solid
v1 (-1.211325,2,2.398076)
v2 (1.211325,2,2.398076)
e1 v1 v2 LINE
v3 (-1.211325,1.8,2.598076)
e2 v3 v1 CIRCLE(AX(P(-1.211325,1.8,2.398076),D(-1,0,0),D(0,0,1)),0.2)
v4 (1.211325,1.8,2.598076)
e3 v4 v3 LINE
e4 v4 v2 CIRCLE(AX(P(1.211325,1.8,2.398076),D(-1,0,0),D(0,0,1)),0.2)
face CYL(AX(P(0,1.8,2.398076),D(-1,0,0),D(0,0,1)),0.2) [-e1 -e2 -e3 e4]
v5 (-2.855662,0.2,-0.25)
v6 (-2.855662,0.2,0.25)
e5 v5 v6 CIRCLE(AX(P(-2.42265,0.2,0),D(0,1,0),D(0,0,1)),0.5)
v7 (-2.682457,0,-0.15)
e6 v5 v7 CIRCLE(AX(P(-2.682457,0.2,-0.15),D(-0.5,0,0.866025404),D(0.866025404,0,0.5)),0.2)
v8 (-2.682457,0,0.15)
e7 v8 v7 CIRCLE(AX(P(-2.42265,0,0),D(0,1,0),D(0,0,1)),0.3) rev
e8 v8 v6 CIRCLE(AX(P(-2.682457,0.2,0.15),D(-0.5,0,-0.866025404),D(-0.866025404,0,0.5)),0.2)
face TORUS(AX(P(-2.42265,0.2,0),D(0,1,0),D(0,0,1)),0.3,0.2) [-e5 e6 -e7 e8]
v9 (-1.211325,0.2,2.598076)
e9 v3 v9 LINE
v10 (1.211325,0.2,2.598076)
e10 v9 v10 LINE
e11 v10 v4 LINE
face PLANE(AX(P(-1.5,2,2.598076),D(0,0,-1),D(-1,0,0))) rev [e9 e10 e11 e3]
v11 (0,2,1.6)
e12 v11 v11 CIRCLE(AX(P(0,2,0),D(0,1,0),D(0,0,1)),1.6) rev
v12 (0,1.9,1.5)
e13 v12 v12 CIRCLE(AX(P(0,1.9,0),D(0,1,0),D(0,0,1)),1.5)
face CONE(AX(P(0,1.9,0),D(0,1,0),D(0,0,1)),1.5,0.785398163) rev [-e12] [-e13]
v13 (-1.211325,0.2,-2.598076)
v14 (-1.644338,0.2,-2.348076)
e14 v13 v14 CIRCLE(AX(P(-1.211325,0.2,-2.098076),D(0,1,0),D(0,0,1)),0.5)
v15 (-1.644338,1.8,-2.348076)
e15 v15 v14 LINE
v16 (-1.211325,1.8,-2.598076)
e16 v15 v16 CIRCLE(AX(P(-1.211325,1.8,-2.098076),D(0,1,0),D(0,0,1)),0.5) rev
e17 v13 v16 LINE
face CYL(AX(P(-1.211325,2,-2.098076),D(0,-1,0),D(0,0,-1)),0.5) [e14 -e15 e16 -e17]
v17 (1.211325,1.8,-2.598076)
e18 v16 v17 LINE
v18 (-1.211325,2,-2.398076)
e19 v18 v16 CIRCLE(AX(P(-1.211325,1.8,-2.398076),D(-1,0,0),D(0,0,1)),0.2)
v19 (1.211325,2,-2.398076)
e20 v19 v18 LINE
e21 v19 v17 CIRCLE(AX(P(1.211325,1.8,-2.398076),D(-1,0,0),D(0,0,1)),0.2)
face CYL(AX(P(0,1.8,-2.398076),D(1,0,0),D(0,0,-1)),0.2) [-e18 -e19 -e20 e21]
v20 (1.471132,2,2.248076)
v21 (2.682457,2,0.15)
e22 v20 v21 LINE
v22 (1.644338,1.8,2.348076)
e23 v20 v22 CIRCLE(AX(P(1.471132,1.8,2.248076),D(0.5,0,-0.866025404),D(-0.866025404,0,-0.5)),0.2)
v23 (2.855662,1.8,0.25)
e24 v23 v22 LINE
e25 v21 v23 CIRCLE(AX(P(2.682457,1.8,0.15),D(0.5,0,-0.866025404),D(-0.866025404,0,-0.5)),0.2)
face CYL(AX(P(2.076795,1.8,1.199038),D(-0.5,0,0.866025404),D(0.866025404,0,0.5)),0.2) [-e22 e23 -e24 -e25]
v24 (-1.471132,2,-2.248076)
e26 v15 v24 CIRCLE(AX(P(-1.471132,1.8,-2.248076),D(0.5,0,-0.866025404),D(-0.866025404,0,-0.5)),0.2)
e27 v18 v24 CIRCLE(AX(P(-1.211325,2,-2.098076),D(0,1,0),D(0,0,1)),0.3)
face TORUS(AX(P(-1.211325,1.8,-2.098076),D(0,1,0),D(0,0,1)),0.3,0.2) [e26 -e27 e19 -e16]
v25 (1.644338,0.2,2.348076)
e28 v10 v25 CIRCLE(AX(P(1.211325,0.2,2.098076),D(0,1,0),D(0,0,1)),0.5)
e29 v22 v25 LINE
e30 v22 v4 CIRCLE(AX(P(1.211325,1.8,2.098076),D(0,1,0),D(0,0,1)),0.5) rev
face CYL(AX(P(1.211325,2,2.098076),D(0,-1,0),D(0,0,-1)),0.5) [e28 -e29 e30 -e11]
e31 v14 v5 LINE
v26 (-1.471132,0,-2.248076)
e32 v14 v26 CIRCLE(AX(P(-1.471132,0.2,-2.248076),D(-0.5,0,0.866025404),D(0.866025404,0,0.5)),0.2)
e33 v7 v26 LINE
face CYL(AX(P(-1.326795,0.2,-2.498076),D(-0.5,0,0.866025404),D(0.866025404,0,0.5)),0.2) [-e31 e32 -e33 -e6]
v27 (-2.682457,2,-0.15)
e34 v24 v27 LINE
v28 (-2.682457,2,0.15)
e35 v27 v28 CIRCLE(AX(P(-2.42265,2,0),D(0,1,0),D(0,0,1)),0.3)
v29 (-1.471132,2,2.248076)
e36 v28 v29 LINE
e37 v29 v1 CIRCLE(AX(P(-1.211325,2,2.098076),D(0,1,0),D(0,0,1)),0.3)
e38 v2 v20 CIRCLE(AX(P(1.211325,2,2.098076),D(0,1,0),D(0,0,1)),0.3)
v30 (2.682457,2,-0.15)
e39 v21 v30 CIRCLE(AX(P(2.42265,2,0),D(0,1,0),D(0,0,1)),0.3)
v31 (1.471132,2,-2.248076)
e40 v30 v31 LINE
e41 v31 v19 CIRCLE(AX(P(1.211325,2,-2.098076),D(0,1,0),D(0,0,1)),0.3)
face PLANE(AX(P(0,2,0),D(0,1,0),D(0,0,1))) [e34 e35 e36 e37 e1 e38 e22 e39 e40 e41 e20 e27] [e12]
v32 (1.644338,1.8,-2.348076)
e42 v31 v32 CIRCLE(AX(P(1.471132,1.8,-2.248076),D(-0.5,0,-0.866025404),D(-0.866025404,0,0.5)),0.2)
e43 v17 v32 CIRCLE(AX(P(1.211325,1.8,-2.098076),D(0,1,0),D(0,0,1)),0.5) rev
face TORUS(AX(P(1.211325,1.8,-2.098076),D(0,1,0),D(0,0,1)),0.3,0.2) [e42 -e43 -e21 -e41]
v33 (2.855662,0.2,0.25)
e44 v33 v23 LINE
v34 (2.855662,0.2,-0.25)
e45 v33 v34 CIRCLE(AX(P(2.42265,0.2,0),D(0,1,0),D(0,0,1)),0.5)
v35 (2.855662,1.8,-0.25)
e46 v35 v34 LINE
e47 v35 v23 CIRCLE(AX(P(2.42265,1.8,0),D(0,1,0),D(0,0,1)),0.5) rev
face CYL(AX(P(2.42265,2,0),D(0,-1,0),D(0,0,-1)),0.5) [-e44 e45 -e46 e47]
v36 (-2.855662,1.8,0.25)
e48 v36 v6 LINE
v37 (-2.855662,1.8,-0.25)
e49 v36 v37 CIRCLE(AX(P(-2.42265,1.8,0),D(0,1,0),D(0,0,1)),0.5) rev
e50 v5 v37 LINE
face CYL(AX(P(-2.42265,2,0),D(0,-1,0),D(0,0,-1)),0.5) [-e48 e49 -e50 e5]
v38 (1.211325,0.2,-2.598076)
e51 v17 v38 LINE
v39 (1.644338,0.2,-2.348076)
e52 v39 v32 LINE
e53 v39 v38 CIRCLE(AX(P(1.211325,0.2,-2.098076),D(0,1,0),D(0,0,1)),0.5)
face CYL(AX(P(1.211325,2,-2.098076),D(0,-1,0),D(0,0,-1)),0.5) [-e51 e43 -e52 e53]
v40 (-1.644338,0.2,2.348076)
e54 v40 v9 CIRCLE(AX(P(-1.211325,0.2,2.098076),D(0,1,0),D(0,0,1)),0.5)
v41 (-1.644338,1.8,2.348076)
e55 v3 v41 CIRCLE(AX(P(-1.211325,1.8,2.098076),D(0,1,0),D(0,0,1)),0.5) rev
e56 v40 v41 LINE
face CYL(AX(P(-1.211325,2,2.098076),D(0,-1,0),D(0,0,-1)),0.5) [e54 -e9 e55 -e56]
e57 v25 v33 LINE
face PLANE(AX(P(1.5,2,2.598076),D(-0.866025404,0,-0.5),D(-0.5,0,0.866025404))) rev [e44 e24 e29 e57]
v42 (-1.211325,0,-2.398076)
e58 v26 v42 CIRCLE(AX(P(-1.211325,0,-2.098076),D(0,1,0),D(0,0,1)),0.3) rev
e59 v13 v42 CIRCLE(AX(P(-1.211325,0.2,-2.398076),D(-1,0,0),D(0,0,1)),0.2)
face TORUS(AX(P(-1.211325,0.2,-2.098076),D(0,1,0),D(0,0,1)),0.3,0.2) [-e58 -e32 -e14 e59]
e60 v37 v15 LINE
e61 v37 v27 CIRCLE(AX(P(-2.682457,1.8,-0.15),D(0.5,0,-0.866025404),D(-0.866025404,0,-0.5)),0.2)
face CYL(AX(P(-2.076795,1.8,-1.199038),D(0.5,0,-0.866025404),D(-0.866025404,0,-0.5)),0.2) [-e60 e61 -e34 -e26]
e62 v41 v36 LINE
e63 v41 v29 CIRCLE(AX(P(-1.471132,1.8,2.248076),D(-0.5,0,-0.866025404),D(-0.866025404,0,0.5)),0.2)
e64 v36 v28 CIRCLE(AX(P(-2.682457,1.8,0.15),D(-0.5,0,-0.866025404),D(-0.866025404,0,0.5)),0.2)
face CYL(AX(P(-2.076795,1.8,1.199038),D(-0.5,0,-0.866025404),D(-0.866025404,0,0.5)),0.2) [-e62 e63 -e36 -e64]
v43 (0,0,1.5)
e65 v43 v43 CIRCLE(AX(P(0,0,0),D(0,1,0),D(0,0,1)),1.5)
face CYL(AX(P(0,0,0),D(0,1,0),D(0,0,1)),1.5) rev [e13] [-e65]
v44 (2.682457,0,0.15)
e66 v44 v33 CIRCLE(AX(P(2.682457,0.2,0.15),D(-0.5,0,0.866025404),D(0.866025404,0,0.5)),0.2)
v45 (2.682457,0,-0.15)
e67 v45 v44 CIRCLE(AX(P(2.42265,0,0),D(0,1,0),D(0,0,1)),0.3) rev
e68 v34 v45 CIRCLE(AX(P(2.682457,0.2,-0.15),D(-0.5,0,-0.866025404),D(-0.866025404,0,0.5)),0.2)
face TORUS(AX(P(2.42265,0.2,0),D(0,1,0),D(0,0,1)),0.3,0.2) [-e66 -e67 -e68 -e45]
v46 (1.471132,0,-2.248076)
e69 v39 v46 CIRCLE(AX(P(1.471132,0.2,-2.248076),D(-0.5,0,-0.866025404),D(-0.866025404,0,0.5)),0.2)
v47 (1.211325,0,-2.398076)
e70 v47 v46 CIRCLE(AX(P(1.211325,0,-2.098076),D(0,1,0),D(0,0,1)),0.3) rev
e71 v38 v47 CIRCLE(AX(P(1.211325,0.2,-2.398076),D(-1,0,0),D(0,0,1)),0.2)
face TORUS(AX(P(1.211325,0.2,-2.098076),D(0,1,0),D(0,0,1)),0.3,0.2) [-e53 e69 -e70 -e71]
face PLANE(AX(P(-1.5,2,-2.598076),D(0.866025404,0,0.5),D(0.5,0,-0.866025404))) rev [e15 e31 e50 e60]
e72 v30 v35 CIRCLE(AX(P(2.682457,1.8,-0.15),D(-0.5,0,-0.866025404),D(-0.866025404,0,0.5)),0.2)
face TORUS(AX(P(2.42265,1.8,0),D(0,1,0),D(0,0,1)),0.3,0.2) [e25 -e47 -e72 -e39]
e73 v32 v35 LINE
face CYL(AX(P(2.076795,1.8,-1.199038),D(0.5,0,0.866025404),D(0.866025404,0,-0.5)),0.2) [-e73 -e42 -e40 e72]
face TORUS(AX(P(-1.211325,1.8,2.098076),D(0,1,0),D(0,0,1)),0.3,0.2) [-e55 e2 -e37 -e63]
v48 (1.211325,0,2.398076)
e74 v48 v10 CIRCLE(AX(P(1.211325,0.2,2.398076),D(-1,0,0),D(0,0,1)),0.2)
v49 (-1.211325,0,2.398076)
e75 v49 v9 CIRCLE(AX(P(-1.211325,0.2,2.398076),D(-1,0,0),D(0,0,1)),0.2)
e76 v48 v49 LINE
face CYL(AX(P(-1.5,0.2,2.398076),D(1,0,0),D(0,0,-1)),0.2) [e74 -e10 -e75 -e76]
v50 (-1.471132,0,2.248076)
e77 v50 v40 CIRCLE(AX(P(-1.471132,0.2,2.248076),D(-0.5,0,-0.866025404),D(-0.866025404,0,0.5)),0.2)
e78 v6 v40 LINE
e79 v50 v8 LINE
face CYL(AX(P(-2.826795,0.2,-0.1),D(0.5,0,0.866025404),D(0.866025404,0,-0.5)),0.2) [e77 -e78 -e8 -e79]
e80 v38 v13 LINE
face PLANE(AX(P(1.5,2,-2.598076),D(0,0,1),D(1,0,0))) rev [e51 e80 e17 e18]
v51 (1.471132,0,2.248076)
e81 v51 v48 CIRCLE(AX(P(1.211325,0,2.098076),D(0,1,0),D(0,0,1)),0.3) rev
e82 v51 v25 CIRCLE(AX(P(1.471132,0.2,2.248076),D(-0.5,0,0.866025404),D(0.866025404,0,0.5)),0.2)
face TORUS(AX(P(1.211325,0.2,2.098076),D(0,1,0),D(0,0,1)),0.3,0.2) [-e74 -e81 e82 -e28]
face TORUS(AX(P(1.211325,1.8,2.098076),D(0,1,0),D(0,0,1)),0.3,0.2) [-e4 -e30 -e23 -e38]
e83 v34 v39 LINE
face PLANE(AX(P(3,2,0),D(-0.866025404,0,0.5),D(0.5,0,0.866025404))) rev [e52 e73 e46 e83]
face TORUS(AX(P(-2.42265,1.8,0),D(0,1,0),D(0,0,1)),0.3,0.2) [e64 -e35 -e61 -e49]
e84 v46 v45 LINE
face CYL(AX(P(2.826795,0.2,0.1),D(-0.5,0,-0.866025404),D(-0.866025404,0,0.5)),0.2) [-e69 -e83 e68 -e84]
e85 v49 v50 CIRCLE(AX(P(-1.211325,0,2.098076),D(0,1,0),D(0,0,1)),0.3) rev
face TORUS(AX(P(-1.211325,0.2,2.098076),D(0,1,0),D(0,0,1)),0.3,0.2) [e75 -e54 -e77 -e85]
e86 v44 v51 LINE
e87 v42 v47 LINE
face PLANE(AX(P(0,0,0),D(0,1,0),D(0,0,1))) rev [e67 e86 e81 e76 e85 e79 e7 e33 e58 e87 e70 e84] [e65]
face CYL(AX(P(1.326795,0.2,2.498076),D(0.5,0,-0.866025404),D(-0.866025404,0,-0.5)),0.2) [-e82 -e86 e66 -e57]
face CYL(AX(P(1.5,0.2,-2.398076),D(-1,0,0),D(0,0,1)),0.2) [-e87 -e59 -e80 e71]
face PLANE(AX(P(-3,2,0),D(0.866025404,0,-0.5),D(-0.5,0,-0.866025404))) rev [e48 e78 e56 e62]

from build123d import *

# Parameters (mm, degrees)
BOSS_EXTRUDE1_DEPTH = 2
SKETCH2_R           = 1.5
CUT_EXTRUDE1_DEPTH  = 5.444097209
FILLET1_R           = 0.5
FILLET2_R           = 0.2
CHAMFER1_SIZE       = 0.1


with BuildPart() as part:
    # Sketch1 → Boss-Extrude1 (new body)
    with BuildSketch(Plane(origin=(0, 0, 0), x_dir=(1, 0, 0), z_dir=(0, 1, 0))):
        Polygon((3, 0), (1.5, 2.598076211), (-1.5, 2.598076211), (-3, 0), (-1.5, -2.598076211), (1.5, -2.598076211), align=None)
    extrude(amount=BOSS_EXTRUDE1_DEPTH)

    # Sketch2 → Cut-Extrude1 (cut, through all)
    with BuildSketch(Plane(origin=(0, 2, 0), x_dir=(1, 0, 0), z_dir=(0, 1, 0))):
        with Locations(Location((0, 0, 0), (0, 0, 270))):
            Circle(SKETCH2_R)
    extrude(amount=-CUT_EXTRUDE1_DEPTH, mode=Mode.SUBTRACT)

    # Fillet1
    fillet1_edges = [part.edges().sort_by_distance(p)[0] for p in [
        (1.5, 1, 2.598076211),
        (-1.5, 1, 2.598076211),
        (-3, 1, 0),
        (-1.5, 1, -2.598076211),
        (1.5, 1, -2.598076211),
        (3, 1, 0),
    ]]
    fillet(fillet1_edges, radius=FILLET1_R)

    # Fillet2
    fillet2_edges = [part.edges().sort_by_distance(p)[0] for p in [
        (0, 0, 2.598076211),
        (0, 2, 2.598076211),
        (2.25, 0, 1.299038106),
        (-2.25, 0, 1.299038106),
        (-2.25, 0, -1.299038106),
        (0, 0, -2.598076211),
        (2.25, 0, -1.299038106),
        (1.461324865, 0, 2.531088913),
        (2.922649731, 0, 0),
        (1.461324865, 0, -2.531088913),
        (-1.461324865, 0, -2.531088913),
        (-2.922649731, 0, 0),
        (-1.461324865, 0, 2.531088913),
        (-2.25, 2, 1.299038106),
        (2.25, 2, 1.299038106),
        (2.25, 2, -1.299038106),
        (0, 2, -2.598076211),
        (-2.25, 2, -1.299038106),
        (1.461324865, 2, 2.531088913),
        (2.922649731, 2, 0),
        (1.461324865, 2, -2.531088913),
        (-1.461324865, 2, -2.531088913),
        (-2.922649731, 2, 0),
        (-1.461324865, 2, 2.531088913),
    ]]
    fillet(fillet2_edges, radius=FILLET2_R)

    # Chamfer1
    chamfer1_edges = [part.edges().sort_by_distance(p)[0] for p in [
        (0, 2, -1.5),
    ]]
    chamfer(chamfer1_edges, length=CHAMFER1_SIZE)


solid = part.part
